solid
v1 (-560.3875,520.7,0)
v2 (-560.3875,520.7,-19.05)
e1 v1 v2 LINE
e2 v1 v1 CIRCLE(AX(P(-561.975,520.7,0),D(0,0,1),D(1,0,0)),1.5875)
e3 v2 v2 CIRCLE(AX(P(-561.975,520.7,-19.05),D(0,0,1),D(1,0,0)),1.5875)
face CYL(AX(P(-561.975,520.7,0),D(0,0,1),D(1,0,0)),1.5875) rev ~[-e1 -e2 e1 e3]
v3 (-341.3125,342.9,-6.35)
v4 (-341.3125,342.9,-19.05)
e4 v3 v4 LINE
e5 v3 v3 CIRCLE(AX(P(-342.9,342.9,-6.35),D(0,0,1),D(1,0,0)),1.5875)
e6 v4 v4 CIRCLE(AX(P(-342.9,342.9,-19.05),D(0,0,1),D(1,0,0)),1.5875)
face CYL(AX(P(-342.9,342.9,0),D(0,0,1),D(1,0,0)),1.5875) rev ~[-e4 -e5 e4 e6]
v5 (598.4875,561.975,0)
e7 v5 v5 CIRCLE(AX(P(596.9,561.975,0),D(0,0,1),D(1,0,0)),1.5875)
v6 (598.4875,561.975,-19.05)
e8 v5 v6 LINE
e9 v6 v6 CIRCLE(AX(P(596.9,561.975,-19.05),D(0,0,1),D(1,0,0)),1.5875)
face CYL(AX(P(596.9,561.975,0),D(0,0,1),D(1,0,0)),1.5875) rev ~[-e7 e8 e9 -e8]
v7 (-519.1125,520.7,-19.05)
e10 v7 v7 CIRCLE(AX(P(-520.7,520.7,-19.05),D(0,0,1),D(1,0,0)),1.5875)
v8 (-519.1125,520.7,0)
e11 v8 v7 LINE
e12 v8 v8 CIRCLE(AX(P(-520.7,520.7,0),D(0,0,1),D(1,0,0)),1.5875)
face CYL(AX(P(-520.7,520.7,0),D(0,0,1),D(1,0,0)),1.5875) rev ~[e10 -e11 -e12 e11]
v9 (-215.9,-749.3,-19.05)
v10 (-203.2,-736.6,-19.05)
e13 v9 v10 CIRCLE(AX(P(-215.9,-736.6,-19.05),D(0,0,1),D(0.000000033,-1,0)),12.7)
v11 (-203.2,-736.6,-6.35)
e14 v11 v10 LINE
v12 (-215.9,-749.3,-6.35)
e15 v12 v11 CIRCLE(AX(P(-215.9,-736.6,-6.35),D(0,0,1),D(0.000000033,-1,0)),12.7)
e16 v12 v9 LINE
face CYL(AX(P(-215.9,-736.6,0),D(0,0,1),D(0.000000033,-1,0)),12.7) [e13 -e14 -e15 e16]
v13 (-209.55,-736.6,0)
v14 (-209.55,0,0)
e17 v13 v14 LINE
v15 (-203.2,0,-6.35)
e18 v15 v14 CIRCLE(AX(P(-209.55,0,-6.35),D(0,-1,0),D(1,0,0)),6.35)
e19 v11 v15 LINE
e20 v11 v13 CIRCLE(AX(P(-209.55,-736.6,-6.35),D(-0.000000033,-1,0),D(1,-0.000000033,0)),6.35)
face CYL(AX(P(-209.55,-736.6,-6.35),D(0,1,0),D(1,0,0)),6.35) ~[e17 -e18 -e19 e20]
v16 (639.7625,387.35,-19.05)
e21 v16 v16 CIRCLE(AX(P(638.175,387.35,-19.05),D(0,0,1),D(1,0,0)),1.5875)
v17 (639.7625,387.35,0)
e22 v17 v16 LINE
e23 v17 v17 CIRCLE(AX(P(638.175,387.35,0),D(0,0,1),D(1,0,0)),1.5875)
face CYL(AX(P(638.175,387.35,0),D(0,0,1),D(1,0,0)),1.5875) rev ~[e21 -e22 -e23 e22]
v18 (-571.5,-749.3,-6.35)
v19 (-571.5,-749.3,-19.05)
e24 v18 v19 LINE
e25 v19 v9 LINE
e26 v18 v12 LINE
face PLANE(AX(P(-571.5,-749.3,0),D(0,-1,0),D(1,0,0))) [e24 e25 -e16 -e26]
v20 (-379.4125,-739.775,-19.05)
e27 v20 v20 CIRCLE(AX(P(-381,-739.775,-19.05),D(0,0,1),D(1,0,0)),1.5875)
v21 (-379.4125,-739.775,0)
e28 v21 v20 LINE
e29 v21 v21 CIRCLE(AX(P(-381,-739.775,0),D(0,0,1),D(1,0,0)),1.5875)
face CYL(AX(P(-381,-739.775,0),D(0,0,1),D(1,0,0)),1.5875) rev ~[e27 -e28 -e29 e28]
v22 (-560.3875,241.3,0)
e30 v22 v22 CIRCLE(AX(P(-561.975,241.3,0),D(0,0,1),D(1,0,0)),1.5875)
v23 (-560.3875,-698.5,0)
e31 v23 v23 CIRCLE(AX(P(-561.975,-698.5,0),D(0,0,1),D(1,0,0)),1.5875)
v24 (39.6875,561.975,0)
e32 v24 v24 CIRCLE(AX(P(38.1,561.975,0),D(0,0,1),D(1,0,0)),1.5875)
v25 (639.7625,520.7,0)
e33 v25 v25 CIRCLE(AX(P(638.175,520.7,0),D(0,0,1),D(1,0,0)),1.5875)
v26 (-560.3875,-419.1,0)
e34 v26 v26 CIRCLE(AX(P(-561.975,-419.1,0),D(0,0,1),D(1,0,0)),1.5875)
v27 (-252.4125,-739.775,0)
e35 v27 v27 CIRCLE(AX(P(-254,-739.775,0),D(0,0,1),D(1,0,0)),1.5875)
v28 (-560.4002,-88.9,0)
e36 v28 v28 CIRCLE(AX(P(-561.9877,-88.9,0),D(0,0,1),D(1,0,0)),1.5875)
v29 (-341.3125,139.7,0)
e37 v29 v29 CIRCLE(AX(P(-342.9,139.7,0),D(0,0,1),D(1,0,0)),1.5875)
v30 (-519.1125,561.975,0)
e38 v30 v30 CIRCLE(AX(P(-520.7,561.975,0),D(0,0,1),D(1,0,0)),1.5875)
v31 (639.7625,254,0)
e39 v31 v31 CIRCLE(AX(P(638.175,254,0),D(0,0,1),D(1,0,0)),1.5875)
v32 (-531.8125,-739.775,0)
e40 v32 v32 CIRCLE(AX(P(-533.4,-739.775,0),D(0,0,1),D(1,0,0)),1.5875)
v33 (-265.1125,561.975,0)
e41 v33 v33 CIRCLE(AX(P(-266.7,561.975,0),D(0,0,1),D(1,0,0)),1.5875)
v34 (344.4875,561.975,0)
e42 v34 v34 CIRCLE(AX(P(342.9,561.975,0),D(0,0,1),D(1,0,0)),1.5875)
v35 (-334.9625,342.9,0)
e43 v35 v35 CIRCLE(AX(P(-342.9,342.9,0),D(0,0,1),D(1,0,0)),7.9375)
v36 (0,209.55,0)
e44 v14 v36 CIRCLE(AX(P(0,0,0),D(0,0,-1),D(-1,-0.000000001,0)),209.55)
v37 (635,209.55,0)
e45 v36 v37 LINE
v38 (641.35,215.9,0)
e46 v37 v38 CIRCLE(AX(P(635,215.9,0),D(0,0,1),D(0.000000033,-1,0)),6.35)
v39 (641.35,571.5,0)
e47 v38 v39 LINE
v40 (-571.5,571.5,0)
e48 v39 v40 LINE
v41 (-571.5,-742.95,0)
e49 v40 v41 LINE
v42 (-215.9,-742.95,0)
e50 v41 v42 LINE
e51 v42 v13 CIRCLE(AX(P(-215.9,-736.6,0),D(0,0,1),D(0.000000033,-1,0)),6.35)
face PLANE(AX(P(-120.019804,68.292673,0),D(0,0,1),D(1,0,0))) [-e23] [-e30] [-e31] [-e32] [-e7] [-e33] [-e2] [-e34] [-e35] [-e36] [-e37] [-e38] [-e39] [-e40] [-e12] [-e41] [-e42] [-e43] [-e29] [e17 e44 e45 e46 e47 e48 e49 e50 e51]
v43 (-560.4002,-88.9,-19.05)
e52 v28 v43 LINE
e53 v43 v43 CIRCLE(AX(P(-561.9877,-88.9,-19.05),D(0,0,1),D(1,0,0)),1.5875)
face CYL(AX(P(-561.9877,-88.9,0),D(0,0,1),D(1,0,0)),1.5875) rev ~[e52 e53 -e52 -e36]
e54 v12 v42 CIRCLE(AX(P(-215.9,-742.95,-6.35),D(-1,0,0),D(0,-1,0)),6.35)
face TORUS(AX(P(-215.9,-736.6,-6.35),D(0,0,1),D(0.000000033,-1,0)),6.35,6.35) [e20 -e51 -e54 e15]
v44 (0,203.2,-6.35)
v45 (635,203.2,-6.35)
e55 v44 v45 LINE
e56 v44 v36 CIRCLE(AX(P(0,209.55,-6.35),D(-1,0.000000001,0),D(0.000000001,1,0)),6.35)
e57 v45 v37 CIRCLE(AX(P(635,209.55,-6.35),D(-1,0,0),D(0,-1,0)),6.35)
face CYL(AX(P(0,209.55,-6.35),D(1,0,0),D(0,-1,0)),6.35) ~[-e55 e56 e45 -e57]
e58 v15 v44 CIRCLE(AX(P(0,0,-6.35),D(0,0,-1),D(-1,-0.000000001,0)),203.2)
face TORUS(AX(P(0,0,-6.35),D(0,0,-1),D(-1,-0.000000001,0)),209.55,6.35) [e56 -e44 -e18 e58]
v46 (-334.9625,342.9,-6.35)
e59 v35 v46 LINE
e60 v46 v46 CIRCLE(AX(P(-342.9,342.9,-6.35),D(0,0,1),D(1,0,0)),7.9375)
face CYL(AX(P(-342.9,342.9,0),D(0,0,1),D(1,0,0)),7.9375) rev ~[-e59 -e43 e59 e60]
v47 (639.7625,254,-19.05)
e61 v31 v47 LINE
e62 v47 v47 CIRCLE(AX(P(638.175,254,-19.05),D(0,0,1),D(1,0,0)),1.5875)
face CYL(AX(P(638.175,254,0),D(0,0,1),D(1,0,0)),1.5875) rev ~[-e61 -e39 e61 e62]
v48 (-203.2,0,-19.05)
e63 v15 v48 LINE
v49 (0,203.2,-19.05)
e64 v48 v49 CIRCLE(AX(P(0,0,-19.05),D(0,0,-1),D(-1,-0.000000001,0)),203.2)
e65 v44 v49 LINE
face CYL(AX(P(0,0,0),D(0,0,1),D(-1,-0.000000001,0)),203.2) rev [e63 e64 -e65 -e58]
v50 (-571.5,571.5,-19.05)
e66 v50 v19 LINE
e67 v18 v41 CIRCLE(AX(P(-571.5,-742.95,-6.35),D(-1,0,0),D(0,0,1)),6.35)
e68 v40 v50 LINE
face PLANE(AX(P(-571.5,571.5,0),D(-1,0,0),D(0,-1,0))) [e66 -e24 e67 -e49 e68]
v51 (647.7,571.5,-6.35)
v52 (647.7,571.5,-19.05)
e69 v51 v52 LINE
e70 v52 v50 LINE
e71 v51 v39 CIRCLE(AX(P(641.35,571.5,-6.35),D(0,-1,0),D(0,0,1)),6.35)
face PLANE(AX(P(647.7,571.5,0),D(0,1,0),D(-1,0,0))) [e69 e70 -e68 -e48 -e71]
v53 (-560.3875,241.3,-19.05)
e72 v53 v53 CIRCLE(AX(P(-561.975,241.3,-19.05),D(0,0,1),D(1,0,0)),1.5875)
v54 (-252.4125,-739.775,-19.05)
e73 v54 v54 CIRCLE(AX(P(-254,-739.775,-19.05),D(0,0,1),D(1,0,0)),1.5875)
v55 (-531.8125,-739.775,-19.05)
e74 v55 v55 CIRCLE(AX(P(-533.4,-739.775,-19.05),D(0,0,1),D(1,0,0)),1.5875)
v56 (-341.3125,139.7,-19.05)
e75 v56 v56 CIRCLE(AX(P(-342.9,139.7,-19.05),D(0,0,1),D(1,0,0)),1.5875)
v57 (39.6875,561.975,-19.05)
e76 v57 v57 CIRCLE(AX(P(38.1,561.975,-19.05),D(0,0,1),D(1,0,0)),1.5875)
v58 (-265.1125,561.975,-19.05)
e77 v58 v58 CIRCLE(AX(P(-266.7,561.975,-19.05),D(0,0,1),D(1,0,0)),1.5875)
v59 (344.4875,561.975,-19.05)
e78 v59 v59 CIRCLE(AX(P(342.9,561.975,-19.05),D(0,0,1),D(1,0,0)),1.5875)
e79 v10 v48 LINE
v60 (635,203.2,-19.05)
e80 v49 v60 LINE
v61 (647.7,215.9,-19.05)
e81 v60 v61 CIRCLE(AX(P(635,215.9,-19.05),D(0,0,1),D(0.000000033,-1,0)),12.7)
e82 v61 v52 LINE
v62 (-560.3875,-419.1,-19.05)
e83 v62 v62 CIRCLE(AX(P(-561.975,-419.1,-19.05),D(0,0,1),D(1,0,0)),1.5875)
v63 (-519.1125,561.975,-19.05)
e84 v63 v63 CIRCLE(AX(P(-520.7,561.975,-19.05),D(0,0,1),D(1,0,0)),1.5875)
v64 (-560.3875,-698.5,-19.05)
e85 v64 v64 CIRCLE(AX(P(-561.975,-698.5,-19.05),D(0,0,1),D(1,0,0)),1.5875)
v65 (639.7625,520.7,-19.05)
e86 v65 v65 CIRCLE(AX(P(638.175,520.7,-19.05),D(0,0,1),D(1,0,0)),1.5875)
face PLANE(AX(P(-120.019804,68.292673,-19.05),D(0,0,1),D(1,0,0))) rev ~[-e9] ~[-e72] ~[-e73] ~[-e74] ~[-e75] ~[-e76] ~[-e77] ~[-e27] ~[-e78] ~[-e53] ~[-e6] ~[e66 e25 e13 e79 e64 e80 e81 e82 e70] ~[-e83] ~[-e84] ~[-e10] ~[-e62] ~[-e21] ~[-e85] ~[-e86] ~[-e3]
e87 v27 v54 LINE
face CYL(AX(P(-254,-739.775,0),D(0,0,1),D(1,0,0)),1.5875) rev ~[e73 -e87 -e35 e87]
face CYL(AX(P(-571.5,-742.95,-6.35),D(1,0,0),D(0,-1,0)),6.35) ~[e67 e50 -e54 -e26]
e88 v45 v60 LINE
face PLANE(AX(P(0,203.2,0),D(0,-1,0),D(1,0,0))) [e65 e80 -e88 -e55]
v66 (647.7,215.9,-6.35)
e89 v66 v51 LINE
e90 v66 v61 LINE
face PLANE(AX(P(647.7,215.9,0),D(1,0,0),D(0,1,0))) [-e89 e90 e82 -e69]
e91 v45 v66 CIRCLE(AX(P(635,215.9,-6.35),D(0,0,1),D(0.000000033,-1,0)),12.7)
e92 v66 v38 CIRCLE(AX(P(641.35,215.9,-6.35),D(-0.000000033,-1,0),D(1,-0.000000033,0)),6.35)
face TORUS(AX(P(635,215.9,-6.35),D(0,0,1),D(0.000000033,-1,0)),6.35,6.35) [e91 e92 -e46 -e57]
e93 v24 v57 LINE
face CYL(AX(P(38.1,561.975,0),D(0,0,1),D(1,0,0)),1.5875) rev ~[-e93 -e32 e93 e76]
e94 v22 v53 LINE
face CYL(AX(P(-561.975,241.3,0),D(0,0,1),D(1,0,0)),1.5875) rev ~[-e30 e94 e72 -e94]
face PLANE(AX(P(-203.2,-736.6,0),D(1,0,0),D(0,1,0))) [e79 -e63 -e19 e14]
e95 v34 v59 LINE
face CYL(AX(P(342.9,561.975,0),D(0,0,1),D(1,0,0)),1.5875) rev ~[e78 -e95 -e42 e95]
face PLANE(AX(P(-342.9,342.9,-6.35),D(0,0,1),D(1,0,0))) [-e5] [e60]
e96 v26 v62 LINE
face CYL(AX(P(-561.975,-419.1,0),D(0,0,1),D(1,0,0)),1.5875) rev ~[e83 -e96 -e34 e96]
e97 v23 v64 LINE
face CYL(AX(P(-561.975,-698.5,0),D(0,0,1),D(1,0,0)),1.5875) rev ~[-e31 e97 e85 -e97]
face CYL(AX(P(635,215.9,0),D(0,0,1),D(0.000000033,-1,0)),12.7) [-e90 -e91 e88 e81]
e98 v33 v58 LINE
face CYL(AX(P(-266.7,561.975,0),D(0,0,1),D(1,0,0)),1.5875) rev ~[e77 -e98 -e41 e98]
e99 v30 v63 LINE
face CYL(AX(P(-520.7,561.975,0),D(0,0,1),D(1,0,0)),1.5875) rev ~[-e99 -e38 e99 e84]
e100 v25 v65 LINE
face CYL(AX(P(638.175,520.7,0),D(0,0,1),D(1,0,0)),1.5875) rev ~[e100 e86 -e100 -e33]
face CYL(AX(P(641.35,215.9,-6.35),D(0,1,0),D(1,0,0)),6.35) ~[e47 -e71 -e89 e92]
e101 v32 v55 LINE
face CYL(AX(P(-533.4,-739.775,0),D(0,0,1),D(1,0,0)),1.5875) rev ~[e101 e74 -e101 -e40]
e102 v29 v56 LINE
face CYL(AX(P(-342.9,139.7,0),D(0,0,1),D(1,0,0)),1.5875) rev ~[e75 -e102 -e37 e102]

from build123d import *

# Parameters (mm, degrees)
F0_R     = 1.5875
F1_DEPTH = 19.05
F2_R     = 6.35
F3_R     = 7.9375
F4_DEPTH = 6.35


with BuildPart() as f1:
    # F0 (on Top) → F1 (new body)
    with BuildSketch(Plane.XY):
        with BuildLine():
            Line((-571.5, 571.5), (-571.5, -749.3))
            Line((-571.5, -749.3), (-215.9, -749.3))
            ThreePointArc((-215.9, -749.3), (-206.919744, -745.580256), (-203.2, -736.6))
            Line((-203.2, -736.6), (-203.2, 0))
            ThreePointArc((-203.2, 0), (-143.684098, 143.684098), (0, 203.2))
            Line((0, 203.2), (635, 203.2))
            ThreePointArc((635, 203.2), (643.980256, 206.919744), (647.7, 215.9))
            Line((647.7, 215.9), (647.7, 571.5))
            Line((647.7, 571.5), (-571.5, 571.5))
        make_face()
        with Locations((-533.4, -739.775)):
            Circle(F0_R, mode=Mode.SUBTRACT)
        with Locations((-561.975, -698.5)):
            Circle(F0_R, mode=Mode.SUBTRACT)
        with Locations((-381, -739.775)):
            Circle(F0_R, mode=Mode.SUBTRACT)
        with Locations((-561.975, -419.1)):
            Circle(F0_R, mode=Mode.SUBTRACT)
        with Locations((-254, -739.775)):
            Circle(F0_R, mode=Mode.SUBTRACT)
        with Locations((-561.9877, -88.9)):
            Circle(F0_R, mode=Mode.SUBTRACT)
        with Locations((-561.975, 241.3)):
            Circle(F0_R, mode=Mode.SUBTRACT)
        with Locations((-342.9, 139.7)):
            Circle(F0_R, mode=Mode.SUBTRACT)
        with Locations((-342.9, 342.9)):
            Circle(F0_R, mode=Mode.SUBTRACT)
        with Locations((-561.975, 520.7)):
            Circle(F0_R, mode=Mode.SUBTRACT)
        with Locations((-520.7, 520.7)):
            Circle(F0_R, mode=Mode.SUBTRACT)
        with Locations((-520.7, 561.975)):
            Circle(F0_R, mode=Mode.SUBTRACT)
        with Locations((-266.7, 561.975)):
            Circle(F0_R, mode=Mode.SUBTRACT)
        with Locations((38.1, 561.975)):
            Circle(F0_R, mode=Mode.SUBTRACT)
        with Locations((638.175, 254)):
            Circle(F0_R, mode=Mode.SUBTRACT)
        with Locations((638.175, 387.35)):
            Circle(F0_R, mode=Mode.SUBTRACT)
        with Locations((342.9, 561.975)):
            Circle(F0_R, mode=Mode.SUBTRACT)
        with Locations((638.175, 520.7)):
            Circle(F0_R, mode=Mode.SUBTRACT)
        with Locations((596.9, 561.975)):
            Circle(F0_R, mode=Mode.SUBTRACT)
    extrude(amount=-F1_DEPTH)

    # F2
    f2_edges = [f1.edges().sort_by_distance(p)[0] for p in [
        (-393.7, -749.3, 0),
    ]]
    fillet(f2_edges, radius=F2_R)

    # F3 (on face) → F4 (cut)
    with BuildSketch(Plane.XY):
        with Locations((-342.9, 342.9)):
            Circle(F3_R)
    extrude(amount=-F4_DEPTH, mode=Mode.SUBTRACT)


solid = f1.part
